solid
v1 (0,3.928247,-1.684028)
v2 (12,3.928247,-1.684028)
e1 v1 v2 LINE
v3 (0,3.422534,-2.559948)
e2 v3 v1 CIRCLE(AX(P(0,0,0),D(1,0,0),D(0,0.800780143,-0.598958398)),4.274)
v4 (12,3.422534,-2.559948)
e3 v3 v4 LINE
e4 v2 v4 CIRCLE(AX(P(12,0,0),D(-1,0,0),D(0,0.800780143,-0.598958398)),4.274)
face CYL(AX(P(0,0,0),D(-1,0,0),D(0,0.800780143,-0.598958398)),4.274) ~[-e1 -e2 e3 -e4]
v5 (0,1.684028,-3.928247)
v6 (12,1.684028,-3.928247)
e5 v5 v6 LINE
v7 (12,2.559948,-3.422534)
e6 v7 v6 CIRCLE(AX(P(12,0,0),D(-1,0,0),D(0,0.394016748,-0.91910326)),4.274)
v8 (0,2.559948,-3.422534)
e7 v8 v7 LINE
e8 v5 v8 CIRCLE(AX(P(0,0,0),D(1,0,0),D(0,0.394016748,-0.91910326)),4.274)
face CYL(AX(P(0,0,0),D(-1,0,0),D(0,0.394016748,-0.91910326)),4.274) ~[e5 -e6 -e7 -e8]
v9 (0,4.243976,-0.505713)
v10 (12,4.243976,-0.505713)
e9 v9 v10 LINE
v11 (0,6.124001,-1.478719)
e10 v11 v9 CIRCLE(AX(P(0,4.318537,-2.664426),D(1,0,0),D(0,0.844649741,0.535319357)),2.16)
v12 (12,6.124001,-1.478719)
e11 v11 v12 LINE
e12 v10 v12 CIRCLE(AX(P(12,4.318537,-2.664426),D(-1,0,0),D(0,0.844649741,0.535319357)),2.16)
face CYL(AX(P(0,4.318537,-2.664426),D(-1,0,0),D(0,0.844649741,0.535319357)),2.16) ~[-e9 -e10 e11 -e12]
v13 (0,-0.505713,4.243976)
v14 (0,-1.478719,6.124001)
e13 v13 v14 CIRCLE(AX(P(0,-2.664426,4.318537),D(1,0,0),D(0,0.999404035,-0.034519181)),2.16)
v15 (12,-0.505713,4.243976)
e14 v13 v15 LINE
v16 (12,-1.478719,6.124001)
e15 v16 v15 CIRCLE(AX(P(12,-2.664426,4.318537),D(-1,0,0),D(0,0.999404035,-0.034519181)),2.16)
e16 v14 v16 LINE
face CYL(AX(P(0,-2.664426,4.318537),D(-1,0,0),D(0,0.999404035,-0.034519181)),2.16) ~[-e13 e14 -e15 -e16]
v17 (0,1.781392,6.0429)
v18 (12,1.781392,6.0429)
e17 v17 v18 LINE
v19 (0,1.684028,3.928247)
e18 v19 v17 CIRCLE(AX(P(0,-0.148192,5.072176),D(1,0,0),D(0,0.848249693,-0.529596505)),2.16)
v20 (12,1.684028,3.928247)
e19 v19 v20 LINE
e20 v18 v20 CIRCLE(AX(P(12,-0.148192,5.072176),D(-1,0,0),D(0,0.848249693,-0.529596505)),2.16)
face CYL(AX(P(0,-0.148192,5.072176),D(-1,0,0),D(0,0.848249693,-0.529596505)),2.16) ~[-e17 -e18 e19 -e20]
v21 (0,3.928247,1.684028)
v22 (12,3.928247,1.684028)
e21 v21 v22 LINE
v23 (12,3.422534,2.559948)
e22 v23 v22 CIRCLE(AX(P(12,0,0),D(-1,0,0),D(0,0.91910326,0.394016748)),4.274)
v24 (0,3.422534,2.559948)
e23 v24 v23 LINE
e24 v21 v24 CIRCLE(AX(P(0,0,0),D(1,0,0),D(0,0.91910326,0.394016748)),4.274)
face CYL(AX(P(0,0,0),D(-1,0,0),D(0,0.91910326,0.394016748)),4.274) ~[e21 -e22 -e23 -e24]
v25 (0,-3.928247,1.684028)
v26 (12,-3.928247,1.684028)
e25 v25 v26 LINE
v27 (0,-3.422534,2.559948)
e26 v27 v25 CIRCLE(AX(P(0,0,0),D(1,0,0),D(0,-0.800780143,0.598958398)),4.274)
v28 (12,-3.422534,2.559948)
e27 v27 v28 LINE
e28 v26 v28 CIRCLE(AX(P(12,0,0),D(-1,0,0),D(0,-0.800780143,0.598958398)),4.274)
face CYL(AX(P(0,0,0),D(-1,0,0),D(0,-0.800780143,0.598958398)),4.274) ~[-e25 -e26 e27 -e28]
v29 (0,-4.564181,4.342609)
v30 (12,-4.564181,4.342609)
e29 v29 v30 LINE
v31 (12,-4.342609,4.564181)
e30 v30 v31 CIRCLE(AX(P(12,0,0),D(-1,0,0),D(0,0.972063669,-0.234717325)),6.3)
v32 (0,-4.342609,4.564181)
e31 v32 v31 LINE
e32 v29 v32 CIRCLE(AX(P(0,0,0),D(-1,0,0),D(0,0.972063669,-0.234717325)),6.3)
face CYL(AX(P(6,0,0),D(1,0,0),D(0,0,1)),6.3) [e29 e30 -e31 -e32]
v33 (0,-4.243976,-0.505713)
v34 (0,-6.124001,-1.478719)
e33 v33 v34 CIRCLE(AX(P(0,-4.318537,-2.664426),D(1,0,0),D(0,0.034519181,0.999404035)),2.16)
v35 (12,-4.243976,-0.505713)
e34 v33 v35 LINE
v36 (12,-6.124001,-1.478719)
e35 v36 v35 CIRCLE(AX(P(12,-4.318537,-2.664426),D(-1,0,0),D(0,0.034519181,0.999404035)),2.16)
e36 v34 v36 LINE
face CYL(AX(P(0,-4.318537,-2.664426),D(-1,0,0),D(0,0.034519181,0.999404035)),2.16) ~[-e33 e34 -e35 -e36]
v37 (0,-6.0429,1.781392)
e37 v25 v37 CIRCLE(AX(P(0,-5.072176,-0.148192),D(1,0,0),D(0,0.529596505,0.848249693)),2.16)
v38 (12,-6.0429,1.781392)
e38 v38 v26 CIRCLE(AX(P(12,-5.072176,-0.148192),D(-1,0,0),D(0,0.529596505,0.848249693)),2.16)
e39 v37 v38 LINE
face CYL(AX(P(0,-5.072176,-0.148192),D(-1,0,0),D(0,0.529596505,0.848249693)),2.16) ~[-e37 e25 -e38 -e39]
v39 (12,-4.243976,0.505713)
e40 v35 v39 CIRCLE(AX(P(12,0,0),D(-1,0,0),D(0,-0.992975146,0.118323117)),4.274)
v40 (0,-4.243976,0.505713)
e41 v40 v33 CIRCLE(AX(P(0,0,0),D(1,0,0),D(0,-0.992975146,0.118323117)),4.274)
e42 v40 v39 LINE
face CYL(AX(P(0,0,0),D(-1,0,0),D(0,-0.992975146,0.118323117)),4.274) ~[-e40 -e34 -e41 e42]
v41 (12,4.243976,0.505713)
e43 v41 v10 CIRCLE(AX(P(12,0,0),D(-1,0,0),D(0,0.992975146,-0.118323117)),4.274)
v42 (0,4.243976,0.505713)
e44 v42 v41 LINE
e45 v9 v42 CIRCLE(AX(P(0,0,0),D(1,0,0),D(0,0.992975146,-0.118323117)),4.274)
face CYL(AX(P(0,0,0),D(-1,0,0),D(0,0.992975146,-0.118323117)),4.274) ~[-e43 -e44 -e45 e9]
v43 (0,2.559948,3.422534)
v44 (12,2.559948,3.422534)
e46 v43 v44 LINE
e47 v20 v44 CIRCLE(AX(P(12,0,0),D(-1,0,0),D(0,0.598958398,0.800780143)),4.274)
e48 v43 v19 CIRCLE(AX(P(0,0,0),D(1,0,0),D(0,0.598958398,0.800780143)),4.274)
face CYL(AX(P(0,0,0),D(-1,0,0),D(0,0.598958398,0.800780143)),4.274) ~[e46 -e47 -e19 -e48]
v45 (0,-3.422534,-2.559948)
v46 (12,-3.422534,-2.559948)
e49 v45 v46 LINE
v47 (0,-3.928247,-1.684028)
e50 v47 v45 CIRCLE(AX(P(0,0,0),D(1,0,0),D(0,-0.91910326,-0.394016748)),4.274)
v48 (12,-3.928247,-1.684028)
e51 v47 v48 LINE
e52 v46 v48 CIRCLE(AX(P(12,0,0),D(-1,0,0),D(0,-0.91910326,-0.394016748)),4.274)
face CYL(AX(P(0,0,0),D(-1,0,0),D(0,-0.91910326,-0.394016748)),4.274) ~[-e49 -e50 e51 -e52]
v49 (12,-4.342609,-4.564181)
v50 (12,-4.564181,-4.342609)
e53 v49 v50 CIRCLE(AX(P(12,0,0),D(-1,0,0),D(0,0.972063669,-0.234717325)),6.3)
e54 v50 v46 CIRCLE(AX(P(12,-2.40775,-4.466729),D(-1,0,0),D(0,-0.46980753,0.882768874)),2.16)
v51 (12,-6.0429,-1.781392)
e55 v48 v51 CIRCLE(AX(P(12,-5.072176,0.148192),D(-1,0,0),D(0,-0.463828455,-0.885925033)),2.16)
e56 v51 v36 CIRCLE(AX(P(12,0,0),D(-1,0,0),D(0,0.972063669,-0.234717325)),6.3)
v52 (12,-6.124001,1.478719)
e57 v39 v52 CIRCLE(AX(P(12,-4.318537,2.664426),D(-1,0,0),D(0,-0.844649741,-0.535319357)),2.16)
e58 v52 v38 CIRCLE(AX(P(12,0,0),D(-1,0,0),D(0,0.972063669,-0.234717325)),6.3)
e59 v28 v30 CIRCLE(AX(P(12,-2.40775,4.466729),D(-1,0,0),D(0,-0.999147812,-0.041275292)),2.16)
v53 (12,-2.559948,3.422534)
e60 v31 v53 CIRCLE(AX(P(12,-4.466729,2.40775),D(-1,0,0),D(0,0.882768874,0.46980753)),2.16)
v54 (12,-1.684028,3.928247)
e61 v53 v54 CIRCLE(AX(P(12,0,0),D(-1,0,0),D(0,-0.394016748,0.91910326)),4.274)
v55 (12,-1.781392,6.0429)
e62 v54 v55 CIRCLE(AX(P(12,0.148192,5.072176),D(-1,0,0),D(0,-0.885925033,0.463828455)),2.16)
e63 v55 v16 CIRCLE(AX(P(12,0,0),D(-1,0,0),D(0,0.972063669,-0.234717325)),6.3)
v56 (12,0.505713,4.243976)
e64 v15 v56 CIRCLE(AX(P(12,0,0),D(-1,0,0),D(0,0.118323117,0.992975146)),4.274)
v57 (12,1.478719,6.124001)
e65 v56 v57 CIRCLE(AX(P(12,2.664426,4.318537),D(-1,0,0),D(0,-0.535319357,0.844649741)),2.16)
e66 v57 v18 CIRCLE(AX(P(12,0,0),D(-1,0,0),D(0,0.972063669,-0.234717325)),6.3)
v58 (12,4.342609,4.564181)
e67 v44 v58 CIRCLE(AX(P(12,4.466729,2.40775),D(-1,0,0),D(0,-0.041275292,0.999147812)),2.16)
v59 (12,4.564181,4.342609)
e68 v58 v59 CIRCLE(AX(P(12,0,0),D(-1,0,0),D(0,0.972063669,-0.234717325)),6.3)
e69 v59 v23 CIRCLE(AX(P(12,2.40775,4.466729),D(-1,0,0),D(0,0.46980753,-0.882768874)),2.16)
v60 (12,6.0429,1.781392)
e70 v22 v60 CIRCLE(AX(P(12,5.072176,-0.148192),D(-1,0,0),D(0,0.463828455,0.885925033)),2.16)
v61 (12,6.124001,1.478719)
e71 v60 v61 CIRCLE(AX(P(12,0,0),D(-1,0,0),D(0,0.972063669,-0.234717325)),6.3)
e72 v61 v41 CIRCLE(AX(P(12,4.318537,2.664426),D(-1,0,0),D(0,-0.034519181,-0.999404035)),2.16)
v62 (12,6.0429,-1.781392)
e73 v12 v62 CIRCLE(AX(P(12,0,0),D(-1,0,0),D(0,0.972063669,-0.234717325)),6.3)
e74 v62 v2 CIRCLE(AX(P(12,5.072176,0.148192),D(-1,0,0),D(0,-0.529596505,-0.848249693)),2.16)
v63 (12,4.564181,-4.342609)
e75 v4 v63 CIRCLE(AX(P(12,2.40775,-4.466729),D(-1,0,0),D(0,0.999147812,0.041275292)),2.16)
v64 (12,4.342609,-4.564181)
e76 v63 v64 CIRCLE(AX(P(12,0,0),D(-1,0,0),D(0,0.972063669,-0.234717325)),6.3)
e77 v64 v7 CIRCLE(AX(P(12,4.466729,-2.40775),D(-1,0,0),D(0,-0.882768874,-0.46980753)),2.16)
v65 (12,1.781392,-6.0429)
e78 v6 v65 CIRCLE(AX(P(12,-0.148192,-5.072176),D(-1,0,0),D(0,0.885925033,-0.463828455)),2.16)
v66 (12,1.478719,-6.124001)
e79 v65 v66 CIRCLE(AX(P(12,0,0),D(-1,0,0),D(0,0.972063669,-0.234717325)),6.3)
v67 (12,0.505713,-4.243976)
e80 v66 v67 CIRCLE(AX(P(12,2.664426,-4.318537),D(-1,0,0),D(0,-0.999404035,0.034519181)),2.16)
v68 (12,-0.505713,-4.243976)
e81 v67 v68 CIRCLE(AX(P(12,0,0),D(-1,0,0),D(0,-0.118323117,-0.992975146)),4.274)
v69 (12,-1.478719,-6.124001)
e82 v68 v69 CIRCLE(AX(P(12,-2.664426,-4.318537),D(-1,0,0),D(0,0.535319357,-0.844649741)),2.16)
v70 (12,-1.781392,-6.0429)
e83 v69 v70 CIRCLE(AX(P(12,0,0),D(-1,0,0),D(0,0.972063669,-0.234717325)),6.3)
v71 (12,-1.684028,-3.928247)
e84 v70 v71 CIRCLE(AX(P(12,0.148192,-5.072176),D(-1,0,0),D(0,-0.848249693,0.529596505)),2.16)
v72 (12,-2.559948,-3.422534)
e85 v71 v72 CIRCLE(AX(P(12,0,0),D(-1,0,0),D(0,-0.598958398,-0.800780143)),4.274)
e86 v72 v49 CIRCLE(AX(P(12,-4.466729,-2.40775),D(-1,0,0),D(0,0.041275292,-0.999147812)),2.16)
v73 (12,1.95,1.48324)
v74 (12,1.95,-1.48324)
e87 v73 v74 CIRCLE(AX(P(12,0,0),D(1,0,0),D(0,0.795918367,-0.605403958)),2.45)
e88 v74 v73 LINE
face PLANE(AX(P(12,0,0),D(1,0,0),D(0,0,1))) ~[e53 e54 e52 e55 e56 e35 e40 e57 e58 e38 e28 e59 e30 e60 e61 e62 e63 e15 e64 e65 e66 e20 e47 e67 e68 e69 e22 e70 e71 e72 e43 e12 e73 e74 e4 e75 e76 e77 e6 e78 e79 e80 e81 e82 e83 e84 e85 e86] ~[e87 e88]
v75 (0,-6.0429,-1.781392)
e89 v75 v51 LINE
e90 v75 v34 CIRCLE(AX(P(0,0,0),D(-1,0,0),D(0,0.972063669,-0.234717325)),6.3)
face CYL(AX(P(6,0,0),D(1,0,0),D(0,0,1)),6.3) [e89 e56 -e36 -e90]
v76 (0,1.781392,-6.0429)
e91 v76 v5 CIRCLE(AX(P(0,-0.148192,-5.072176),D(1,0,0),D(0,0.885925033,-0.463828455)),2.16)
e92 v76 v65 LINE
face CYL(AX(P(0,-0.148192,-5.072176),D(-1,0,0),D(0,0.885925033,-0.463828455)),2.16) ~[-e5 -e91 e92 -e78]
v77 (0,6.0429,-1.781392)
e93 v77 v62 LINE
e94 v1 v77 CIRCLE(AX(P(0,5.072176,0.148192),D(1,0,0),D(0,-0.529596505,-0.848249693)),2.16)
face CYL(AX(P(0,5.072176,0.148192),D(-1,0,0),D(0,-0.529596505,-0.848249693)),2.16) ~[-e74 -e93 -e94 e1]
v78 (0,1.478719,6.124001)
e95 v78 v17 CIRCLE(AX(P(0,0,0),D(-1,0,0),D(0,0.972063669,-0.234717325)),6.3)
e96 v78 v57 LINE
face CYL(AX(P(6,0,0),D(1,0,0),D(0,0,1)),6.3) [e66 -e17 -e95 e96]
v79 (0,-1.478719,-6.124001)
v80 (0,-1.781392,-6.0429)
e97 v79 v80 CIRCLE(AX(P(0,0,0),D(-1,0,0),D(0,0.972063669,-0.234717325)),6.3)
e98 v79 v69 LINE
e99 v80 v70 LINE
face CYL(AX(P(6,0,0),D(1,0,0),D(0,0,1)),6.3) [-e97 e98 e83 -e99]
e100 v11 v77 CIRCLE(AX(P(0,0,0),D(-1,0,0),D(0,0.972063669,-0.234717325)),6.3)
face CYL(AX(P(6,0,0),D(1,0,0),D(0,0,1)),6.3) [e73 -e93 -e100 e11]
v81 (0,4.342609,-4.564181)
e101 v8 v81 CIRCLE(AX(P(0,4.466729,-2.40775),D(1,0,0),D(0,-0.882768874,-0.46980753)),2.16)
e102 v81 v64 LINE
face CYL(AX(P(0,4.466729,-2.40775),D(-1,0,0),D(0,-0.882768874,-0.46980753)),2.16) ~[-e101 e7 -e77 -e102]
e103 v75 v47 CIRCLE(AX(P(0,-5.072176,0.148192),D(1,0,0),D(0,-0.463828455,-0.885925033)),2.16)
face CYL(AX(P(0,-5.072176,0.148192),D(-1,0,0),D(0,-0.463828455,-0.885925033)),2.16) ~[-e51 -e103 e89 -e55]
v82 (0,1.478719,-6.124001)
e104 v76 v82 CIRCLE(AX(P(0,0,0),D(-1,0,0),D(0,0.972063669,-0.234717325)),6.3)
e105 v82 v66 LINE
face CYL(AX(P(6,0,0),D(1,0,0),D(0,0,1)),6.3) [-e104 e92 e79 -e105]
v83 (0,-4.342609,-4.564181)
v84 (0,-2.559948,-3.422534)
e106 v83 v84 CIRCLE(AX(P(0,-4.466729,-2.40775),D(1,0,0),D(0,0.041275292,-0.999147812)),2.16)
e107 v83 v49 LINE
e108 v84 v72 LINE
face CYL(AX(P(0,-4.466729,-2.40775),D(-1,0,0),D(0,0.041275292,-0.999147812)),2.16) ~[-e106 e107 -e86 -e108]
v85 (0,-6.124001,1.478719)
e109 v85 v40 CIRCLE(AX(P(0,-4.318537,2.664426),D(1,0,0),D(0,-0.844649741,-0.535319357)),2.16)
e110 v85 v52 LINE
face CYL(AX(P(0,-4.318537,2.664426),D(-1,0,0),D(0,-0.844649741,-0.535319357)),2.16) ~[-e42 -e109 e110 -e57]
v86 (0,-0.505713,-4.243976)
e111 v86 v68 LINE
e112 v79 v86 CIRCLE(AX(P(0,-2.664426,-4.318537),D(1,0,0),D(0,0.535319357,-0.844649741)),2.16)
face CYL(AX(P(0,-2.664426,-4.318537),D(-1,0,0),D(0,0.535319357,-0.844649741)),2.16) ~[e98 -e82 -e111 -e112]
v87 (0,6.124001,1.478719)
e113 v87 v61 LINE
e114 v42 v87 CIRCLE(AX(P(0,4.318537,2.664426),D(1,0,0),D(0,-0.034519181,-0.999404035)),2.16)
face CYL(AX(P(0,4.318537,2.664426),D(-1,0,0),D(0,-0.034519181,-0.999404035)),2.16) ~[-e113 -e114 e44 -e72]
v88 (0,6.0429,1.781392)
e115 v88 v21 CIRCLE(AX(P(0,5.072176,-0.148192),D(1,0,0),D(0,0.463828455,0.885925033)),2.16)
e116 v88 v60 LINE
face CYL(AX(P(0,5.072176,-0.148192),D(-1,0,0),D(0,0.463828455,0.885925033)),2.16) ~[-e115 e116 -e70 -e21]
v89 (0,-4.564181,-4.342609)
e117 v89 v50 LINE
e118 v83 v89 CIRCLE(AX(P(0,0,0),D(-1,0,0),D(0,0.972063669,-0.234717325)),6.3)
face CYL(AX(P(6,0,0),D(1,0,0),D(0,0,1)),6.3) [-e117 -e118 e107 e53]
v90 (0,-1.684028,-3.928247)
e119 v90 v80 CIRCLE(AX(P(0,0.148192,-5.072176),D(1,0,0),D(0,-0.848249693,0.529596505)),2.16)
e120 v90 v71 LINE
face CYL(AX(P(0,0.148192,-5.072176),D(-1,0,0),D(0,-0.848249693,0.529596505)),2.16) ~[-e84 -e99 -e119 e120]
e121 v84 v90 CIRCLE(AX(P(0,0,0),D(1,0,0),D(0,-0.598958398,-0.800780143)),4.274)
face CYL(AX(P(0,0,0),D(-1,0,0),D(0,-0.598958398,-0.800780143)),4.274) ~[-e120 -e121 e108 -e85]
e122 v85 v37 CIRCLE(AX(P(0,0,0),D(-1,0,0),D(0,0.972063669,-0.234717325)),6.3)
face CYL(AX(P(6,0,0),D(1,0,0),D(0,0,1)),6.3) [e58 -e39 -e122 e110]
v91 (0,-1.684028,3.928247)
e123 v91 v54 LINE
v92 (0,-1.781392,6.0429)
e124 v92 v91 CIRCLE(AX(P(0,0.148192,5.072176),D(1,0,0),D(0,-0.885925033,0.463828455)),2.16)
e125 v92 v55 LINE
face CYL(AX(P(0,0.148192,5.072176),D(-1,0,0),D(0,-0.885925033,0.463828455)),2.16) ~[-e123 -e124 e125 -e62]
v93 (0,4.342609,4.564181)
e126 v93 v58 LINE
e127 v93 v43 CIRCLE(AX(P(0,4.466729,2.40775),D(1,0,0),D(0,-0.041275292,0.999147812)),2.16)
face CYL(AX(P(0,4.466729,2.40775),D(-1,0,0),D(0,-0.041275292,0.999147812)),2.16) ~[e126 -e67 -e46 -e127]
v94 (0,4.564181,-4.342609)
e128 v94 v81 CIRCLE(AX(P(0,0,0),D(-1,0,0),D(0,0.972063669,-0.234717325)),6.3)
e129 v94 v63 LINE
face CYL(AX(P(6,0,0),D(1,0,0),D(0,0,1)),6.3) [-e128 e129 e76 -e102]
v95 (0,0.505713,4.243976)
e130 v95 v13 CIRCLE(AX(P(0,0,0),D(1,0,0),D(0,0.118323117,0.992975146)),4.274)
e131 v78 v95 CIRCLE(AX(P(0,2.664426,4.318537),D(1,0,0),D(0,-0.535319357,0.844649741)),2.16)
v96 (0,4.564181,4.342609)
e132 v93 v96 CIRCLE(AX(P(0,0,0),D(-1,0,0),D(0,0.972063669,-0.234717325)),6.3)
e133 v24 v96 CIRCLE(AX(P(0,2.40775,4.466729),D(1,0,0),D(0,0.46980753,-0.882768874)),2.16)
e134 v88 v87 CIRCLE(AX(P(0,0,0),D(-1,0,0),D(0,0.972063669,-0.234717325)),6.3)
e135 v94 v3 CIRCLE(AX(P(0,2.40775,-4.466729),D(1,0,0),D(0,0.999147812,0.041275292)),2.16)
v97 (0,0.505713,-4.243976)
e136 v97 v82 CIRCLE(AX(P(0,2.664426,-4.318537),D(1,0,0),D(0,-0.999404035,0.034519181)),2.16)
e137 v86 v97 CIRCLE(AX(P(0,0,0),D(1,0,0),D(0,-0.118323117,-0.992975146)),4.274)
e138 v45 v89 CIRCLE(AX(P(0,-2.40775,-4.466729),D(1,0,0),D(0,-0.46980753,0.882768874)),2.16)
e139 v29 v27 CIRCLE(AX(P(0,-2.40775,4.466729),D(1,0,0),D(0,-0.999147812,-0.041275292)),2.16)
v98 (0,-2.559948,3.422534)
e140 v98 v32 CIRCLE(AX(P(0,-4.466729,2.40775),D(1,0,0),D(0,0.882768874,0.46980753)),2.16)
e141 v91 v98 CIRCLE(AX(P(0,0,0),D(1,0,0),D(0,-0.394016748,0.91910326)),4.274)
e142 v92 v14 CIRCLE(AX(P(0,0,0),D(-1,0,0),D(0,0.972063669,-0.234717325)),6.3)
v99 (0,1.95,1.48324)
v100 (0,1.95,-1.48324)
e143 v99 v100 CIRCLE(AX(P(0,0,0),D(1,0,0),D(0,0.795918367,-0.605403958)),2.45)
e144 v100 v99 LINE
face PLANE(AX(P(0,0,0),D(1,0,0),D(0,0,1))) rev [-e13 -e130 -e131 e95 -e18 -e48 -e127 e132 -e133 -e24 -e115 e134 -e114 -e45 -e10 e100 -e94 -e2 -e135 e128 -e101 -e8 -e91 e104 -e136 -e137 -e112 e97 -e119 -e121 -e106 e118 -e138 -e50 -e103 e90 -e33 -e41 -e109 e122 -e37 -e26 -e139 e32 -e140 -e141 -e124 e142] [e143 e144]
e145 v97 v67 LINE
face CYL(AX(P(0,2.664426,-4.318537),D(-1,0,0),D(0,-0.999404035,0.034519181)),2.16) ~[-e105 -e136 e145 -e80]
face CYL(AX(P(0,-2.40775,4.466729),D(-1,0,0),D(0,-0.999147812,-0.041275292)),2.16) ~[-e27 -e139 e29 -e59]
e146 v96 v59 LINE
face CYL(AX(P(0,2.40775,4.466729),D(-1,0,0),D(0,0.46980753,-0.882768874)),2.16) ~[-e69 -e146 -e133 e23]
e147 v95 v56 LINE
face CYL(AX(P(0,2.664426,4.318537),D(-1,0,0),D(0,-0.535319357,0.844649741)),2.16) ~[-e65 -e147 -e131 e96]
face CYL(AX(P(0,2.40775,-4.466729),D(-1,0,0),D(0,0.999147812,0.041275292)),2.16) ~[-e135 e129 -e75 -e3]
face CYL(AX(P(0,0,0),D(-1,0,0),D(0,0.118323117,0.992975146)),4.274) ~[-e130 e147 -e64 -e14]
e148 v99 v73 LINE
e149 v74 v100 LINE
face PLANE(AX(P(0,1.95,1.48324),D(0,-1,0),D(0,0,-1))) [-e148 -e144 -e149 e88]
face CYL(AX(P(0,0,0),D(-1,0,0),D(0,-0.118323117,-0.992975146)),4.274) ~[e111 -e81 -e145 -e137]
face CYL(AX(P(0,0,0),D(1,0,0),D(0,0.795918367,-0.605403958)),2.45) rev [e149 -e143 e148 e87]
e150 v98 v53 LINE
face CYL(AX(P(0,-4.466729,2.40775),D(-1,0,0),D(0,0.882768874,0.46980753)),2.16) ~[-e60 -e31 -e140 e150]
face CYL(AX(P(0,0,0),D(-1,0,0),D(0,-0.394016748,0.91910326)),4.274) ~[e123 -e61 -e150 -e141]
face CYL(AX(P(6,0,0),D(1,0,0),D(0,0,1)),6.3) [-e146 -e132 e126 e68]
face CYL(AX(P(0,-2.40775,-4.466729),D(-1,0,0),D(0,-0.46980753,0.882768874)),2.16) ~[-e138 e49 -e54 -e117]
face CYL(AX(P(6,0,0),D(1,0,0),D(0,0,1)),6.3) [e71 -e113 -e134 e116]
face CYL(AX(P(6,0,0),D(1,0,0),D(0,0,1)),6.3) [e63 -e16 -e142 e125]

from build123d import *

# Parameters (mm, degrees)
BASPROSKE_W     = 12
BASPROSKE_H     = 6.3
TOOTHCUT_DEPTH  = 15.945902448
TEETHCUTS_COUNT = 12
TEETHCUTS_ANGLE = 330
BORE_DEPTH      = 50.0000508


with BuildPart() as part:
    # BasProSke → Base-Revolve (revolve)
    with BuildSketch(Plane(origin=(0, 0, 0), x_dir=(1, 0, 0), z_dir=(0, 1, 0)), mode=Mode.PRIVATE) as base_revolve_sk:
        with Locations((6, 3.15)):
            Rectangle(BASPROSKE_W, BASPROSKE_H)
    revolve(base_revolve_sk.sketch.rotate(Axis((-10, 0, 0), (1, 0, 0)), 180), axis=Axis((-10, 0, 0), (1, 0, 0)))

    # TooCutSke → ToothCut (cut, through all)
    with BuildSketch(Plane(origin=(0, 0, 0), x_dir=(0, 0, -1), z_dir=(1, 0, 0))):
        with BuildLine():
            ThreePointArc((0.505712998, 4.243975773), (0, 4.274), (-0.505712998, 4.243975773))
            ThreePointArc((-0.505712998, 4.243975773), (-0.754225381, 5.326869831), (-1.508135905, 6.142980649))
            ThreePointArc((-1.508135905, 6.142980649), (0, 6.3254), (1.508135905, 6.142980649))
            ThreePointArc((1.508135905, 6.142980649), (0.754225381, 5.326869831), (0.505712998, 4.243975773))
        make_face()
    toothcut = extrude(amount=TOOTHCUT_DEPTH, mode=Mode.SUBTRACT)

    # TeethCuts: ToothCut ×12 about axis
    teethcuts_axis = Axis((-10, 0, 0), (1, 0, 0))
    for i in range(1, TEETHCUTS_COUNT):
        add(toothcut.rotate(teethcuts_axis, i * TEETHCUTS_ANGLE / (TEETHCUTS_COUNT - 1)), mode=Mode.SUBTRACT)

    # BorSke → Bore (cut, symmetric)
    with BuildSketch(Plane(origin=(0, 0, 0), x_dir=(0, 0, -1), z_dir=(1, 0, 0))):
        with BuildLine():
            Line((-1.483239697, 1.95), (1.483239697, 1.95))
            ThreePointArc((1.483239697, 1.95), (0, -2.45), (-1.483239697, 1.95))
        make_face()
    extrude(amount=BORE_DEPTH, both=True, mode=Mode.SUBTRACT)


solid = part.part
